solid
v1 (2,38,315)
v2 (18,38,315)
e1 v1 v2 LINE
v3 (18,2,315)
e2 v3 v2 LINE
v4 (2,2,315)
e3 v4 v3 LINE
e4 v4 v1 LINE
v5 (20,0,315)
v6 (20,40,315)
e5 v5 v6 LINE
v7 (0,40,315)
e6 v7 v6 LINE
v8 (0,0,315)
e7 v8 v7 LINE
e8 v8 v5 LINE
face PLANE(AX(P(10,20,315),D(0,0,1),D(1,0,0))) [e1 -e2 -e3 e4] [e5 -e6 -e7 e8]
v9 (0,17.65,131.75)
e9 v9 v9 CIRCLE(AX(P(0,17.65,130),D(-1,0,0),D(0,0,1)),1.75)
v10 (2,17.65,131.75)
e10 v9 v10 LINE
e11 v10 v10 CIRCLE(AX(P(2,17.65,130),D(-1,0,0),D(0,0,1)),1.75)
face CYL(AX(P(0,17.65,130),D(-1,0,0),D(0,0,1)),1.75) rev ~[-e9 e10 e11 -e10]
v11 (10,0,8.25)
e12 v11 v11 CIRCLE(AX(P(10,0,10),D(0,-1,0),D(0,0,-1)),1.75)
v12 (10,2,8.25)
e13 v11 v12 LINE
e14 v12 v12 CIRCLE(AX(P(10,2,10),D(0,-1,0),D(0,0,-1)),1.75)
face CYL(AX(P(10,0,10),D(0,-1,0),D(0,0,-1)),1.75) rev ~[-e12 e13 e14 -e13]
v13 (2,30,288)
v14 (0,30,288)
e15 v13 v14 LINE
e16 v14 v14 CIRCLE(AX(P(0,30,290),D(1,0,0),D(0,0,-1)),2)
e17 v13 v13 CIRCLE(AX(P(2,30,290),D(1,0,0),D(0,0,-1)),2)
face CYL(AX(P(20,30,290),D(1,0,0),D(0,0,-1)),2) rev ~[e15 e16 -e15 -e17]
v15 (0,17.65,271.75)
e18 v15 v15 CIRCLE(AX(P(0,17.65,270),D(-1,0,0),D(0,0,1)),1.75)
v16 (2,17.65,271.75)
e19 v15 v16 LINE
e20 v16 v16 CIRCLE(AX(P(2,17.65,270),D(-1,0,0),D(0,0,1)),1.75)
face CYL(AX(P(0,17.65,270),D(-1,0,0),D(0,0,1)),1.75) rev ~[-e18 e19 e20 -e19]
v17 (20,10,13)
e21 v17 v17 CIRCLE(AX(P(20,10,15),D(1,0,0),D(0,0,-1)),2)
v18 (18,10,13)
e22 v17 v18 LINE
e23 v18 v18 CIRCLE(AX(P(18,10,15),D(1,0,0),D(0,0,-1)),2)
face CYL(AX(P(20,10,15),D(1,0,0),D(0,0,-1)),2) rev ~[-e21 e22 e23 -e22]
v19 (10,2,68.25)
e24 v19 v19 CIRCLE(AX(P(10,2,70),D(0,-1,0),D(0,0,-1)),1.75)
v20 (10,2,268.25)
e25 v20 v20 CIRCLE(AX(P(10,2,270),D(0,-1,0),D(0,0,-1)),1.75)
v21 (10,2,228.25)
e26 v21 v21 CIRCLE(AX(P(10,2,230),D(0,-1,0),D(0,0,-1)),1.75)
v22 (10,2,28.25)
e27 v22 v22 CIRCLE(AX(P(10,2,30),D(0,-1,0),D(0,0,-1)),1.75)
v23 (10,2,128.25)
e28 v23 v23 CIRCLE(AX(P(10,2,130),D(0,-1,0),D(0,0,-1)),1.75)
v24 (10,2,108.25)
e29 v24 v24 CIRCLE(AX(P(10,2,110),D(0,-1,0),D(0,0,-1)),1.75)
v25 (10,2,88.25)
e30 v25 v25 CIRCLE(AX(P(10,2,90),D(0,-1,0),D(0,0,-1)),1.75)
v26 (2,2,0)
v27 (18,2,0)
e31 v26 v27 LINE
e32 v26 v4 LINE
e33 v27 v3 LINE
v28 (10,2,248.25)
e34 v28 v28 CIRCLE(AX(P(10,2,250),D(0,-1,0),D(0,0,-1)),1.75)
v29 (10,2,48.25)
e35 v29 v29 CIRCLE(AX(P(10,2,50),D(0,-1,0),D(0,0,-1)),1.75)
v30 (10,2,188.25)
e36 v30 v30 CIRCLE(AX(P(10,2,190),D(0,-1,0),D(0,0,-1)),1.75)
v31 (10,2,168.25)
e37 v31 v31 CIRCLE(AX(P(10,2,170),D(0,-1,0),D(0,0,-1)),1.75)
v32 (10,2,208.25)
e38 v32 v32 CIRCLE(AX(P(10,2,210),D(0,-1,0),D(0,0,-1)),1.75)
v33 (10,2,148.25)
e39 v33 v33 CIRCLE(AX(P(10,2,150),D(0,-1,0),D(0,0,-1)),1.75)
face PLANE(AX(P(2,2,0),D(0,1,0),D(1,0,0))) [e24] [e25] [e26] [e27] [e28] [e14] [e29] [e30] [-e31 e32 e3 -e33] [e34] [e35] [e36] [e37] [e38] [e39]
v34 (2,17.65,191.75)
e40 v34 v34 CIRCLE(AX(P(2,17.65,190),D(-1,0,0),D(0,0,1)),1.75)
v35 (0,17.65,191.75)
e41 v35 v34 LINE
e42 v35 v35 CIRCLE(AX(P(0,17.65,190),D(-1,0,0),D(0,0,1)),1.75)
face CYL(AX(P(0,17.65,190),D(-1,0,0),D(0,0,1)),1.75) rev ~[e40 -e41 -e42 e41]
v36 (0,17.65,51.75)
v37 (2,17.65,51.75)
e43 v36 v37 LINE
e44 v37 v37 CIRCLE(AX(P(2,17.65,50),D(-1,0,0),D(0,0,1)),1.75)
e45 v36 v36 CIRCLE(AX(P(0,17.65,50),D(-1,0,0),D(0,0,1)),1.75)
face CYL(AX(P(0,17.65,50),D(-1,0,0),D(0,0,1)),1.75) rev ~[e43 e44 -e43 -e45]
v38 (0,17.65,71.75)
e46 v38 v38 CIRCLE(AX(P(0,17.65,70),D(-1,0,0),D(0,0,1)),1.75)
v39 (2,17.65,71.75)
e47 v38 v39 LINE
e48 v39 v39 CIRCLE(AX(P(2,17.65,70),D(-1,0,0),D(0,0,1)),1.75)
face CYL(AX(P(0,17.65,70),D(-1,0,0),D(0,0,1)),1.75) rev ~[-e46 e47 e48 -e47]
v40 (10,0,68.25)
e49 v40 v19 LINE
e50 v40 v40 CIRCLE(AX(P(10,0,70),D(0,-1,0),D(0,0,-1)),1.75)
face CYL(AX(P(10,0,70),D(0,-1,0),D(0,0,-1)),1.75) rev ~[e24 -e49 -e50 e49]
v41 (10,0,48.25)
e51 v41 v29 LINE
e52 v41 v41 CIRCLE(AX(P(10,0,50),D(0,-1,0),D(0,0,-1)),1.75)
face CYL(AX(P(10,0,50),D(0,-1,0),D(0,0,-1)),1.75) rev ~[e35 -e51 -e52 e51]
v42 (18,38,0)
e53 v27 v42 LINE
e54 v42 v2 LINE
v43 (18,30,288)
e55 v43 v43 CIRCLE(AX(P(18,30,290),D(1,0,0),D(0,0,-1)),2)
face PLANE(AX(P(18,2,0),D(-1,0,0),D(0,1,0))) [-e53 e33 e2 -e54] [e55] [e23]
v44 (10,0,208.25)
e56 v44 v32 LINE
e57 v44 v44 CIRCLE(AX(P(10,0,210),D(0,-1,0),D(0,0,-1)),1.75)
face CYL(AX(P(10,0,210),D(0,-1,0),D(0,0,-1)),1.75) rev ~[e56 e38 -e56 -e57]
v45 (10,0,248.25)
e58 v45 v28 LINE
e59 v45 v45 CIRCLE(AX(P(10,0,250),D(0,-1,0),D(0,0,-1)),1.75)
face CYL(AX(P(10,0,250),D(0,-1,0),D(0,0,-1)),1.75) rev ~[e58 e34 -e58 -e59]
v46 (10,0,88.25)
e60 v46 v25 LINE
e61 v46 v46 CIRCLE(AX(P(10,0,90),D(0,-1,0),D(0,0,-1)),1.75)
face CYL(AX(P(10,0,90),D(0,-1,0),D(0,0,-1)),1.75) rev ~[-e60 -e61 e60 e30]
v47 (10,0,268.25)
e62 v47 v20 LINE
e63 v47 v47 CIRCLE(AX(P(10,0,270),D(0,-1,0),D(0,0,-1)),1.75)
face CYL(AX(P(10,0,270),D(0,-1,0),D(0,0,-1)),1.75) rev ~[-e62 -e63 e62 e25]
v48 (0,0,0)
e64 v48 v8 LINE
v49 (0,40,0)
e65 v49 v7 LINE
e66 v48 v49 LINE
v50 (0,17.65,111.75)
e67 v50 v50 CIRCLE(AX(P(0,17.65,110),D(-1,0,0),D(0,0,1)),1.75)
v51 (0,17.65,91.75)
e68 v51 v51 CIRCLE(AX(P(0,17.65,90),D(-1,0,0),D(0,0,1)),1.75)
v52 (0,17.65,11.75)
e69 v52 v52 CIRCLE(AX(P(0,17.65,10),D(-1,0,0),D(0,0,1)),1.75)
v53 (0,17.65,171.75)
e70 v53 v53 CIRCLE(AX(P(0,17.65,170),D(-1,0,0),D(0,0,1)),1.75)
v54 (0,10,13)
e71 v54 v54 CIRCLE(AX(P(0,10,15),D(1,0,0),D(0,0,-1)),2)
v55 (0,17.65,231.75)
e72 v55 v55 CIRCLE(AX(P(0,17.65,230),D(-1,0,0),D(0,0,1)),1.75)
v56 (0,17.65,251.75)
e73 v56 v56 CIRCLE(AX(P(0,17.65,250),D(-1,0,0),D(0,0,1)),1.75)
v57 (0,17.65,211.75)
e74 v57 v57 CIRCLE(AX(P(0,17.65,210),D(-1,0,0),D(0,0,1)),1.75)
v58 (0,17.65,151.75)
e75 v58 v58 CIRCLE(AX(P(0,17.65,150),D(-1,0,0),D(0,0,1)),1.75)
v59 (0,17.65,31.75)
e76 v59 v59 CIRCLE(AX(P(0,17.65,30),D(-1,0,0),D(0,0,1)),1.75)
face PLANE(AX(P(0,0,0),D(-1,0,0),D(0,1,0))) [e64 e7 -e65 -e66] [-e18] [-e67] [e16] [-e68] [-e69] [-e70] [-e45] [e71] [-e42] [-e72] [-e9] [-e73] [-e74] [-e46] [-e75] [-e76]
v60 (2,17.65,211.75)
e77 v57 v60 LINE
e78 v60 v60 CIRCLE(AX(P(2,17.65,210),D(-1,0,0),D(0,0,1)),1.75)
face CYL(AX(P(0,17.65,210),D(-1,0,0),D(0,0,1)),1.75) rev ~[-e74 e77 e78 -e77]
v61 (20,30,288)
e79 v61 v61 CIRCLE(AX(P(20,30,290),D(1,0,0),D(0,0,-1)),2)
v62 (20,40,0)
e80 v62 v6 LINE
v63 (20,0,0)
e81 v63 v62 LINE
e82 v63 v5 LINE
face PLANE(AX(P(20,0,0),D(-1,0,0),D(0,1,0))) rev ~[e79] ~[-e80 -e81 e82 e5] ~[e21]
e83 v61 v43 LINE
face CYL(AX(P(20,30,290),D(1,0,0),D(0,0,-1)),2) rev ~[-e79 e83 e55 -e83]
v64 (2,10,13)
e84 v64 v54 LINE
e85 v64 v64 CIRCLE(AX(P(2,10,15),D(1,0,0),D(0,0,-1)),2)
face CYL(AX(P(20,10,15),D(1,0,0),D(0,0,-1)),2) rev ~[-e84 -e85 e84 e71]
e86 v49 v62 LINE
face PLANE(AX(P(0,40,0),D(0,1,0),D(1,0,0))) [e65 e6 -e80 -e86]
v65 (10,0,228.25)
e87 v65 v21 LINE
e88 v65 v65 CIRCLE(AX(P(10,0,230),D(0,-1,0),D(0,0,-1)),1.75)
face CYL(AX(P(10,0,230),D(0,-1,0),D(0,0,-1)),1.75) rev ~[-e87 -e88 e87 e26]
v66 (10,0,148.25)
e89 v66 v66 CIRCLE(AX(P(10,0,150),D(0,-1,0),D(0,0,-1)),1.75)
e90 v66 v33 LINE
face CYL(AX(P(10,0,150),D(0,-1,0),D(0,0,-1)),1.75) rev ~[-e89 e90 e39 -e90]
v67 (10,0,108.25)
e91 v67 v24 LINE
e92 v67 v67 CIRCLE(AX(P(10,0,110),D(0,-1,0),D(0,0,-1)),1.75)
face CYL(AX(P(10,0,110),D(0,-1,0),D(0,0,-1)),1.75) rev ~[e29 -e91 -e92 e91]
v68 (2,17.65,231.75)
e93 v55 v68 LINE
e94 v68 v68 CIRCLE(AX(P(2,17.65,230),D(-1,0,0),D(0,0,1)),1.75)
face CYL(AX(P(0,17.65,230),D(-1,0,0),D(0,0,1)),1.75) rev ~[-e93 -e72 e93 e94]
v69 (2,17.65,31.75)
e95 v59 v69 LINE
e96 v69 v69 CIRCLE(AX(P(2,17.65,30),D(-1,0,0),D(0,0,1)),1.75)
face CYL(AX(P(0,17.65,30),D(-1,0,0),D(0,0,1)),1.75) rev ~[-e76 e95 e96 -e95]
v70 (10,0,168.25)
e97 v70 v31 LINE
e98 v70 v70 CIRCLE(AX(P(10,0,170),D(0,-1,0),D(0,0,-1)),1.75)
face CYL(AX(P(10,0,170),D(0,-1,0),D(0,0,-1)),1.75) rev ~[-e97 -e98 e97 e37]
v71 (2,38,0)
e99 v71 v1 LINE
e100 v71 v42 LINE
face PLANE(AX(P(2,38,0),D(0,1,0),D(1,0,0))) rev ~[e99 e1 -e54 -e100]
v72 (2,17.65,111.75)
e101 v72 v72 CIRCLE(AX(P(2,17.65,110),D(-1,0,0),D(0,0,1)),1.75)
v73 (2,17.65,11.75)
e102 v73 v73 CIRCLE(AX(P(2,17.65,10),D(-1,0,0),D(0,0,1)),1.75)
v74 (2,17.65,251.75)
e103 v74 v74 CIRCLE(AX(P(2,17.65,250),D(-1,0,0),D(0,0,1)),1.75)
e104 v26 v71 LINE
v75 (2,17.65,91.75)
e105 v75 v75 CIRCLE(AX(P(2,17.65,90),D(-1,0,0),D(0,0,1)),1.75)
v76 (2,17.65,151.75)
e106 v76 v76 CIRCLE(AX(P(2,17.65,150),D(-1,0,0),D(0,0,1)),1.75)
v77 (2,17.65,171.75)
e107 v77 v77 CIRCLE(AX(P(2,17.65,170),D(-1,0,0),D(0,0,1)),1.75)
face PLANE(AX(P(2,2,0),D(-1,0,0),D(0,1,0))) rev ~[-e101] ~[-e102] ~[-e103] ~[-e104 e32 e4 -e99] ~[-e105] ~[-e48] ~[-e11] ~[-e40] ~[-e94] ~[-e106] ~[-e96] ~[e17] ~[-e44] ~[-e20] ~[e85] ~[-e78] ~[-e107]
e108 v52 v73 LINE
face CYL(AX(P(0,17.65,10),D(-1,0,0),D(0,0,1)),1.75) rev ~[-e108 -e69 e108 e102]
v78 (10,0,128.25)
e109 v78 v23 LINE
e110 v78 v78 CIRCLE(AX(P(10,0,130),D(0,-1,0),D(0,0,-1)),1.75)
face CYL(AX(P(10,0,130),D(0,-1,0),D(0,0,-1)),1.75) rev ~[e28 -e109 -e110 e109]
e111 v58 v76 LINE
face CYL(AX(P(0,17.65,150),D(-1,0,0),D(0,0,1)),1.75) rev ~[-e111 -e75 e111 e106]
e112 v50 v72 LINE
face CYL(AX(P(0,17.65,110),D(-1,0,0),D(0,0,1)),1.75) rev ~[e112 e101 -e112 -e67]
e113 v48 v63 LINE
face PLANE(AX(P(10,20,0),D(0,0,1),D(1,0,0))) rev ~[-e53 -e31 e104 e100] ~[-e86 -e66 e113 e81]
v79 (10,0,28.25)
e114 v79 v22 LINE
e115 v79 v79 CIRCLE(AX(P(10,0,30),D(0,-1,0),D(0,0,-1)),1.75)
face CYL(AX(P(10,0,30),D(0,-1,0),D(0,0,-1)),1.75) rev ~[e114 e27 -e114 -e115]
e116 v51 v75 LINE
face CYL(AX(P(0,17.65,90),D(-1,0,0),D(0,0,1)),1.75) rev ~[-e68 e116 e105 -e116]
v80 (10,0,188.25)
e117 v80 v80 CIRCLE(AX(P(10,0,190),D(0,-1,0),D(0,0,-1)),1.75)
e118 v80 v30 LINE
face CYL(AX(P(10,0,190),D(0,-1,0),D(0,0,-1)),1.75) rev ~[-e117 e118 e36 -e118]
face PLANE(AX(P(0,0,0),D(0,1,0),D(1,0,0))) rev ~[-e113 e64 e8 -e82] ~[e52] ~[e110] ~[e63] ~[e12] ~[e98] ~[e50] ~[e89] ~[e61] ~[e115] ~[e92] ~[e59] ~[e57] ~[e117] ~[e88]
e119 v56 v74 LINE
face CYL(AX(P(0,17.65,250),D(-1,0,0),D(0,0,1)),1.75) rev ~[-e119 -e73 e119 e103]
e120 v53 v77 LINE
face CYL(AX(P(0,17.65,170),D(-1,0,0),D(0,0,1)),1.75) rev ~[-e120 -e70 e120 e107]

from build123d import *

# Parameters (mm, degrees)
SKETCH_1_W          = 20
SKETCH_1_H          = 40
SKETCH_1_W_2        = 16
SKETCH_1_H_2        = 36
EXTRUDE_1_DEPTH     = 315
SKETCH_2_R          = 2
CUT_EXTRUDE_1_DEPTH = 319.158765399
SKETCH_3_R          = 1.75
CUT_EXTRUDE_2_DEPTH = 2
SKETCH_4_R          = 1.75
CUT_EXTRUDE_3_DEPTH = 2


with BuildPart() as part:
    # 草图1 → 凸台-拉伸1 (new body)
    with BuildSketch(Plane.XY):
        with Locations((10, 20)):
            Rectangle(SKETCH_1_W, SKETCH_1_H)
        with Locations((10, 20)):
            Rectangle(SKETCH_1_W_2, SKETCH_1_H_2, mode=Mode.SUBTRACT)
    extrude(amount=EXTRUDE_1_DEPTH)

    # 草图2 → 切除-拉伸1 (cut, through all)
    with BuildSketch(Plane(origin=(20, 0, 0), x_dir=(0, 0, -1), z_dir=(1, 0, 0))):
        with Locations((-290, 30)):
            Circle(SKETCH_2_R)
        with Locations((-15, 10)):
            Circle(SKETCH_2_R)
    extrude(amount=-CUT_EXTRUDE_1_DEPTH, mode=Mode.SUBTRACT)

    # 草图3 → 切除-拉伸2 (cut)
    with BuildSketch(Plane.ZY):
        with Locations((10, 17.65)):
            Circle(SKETCH_3_R)
        with Locations((30, 17.65)):
            Circle(SKETCH_3_R)
        with Locations((50, 17.65)):
            Circle(SKETCH_3_R)
        with Locations((70, 17.65)):
            Circle(SKETCH_3_R)
        with Locations((90, 17.65)):
            Circle(SKETCH_3_R)
        with Locations((110, 17.65)):
            Circle(SKETCH_3_R)
        with Locations((130, 17.65)):
            Circle(SKETCH_3_R)
        with Locations((150, 17.65)):
            Circle(SKETCH_3_R)
        with Locations((170, 17.65)):
            Circle(SKETCH_3_R)
        with Locations((190, 17.65)):
            Circle(SKETCH_3_R)
        with Locations((210, 17.65)):
            Circle(SKETCH_3_R)
        with Locations((230, 17.65)):
            Circle(SKETCH_3_R)
        with Locations((250, 17.65)):
            Circle(SKETCH_3_R)
        with Locations((270, 17.65)):
            Circle(SKETCH_3_R)
    extrude(amount=-CUT_EXTRUDE_2_DEPTH, mode=Mode.SUBTRACT)

    # 草图4 → 切除-拉伸3 (cut)
    with BuildSketch(Plane(origin=(0, 0, 0), x_dir=(-1, 0, 0), z_dir=(0, -1, 0))):
        with Locations(Location((-10, -10, 0), (0, 0, 90))):
            Circle(SKETCH_4_R)
        with Locations(Location((-10, -30, 0), (0, 0, 90))):
            Circle(SKETCH_4_R)
        with Locations(Location((-10, -50, 0), (0, 0, 90))):
            Circle(SKETCH_4_R)
        with Locations(Location((-10, -70, 0), (0, 0, 90))):
            Circle(SKETCH_4_R)
        with Locations(Location((-10, -90, 0), (0, 0, 90))):
            Circle(SKETCH_4_R)
        with Locations(Location((-10, -110, 0), (0, 0, 90))):
            Circle(SKETCH_4_R)
        with Locations(Location((-10, -130, 0), (0, 0, 90))):
            Circle(SKETCH_4_R)
        with Locations(Location((-10, -150, 0), (0, 0, 90))):
            Circle(SKETCH_4_R)
        with Locations(Location((-10, -170, 0), (0, 0, 90))):
            Circle(SKETCH_4_R)
        with Locations(Location((-10, -190, 0), (0, 0, 90))):
            Circle(SKETCH_4_R)
        with Locations(Location((-10, -210, 0), (0, 0, 90))):
            Circle(SKETCH_4_R)
        with Locations(Location((-10, -230, 0), (0, 0, 90))):
            Circle(SKETCH_4_R)
        with Locations(Location((-10, -250, 0), (0, 0, 90))):
            Circle(SKETCH_4_R)
        with Locations(Location((-10, -270, 0), (0, 0, 90))):
            Circle(SKETCH_4_R)
    extrude(amount=-CUT_EXTRUDE_3_DEPTH, mode=Mode.SUBTRACT)


solid = part.part
